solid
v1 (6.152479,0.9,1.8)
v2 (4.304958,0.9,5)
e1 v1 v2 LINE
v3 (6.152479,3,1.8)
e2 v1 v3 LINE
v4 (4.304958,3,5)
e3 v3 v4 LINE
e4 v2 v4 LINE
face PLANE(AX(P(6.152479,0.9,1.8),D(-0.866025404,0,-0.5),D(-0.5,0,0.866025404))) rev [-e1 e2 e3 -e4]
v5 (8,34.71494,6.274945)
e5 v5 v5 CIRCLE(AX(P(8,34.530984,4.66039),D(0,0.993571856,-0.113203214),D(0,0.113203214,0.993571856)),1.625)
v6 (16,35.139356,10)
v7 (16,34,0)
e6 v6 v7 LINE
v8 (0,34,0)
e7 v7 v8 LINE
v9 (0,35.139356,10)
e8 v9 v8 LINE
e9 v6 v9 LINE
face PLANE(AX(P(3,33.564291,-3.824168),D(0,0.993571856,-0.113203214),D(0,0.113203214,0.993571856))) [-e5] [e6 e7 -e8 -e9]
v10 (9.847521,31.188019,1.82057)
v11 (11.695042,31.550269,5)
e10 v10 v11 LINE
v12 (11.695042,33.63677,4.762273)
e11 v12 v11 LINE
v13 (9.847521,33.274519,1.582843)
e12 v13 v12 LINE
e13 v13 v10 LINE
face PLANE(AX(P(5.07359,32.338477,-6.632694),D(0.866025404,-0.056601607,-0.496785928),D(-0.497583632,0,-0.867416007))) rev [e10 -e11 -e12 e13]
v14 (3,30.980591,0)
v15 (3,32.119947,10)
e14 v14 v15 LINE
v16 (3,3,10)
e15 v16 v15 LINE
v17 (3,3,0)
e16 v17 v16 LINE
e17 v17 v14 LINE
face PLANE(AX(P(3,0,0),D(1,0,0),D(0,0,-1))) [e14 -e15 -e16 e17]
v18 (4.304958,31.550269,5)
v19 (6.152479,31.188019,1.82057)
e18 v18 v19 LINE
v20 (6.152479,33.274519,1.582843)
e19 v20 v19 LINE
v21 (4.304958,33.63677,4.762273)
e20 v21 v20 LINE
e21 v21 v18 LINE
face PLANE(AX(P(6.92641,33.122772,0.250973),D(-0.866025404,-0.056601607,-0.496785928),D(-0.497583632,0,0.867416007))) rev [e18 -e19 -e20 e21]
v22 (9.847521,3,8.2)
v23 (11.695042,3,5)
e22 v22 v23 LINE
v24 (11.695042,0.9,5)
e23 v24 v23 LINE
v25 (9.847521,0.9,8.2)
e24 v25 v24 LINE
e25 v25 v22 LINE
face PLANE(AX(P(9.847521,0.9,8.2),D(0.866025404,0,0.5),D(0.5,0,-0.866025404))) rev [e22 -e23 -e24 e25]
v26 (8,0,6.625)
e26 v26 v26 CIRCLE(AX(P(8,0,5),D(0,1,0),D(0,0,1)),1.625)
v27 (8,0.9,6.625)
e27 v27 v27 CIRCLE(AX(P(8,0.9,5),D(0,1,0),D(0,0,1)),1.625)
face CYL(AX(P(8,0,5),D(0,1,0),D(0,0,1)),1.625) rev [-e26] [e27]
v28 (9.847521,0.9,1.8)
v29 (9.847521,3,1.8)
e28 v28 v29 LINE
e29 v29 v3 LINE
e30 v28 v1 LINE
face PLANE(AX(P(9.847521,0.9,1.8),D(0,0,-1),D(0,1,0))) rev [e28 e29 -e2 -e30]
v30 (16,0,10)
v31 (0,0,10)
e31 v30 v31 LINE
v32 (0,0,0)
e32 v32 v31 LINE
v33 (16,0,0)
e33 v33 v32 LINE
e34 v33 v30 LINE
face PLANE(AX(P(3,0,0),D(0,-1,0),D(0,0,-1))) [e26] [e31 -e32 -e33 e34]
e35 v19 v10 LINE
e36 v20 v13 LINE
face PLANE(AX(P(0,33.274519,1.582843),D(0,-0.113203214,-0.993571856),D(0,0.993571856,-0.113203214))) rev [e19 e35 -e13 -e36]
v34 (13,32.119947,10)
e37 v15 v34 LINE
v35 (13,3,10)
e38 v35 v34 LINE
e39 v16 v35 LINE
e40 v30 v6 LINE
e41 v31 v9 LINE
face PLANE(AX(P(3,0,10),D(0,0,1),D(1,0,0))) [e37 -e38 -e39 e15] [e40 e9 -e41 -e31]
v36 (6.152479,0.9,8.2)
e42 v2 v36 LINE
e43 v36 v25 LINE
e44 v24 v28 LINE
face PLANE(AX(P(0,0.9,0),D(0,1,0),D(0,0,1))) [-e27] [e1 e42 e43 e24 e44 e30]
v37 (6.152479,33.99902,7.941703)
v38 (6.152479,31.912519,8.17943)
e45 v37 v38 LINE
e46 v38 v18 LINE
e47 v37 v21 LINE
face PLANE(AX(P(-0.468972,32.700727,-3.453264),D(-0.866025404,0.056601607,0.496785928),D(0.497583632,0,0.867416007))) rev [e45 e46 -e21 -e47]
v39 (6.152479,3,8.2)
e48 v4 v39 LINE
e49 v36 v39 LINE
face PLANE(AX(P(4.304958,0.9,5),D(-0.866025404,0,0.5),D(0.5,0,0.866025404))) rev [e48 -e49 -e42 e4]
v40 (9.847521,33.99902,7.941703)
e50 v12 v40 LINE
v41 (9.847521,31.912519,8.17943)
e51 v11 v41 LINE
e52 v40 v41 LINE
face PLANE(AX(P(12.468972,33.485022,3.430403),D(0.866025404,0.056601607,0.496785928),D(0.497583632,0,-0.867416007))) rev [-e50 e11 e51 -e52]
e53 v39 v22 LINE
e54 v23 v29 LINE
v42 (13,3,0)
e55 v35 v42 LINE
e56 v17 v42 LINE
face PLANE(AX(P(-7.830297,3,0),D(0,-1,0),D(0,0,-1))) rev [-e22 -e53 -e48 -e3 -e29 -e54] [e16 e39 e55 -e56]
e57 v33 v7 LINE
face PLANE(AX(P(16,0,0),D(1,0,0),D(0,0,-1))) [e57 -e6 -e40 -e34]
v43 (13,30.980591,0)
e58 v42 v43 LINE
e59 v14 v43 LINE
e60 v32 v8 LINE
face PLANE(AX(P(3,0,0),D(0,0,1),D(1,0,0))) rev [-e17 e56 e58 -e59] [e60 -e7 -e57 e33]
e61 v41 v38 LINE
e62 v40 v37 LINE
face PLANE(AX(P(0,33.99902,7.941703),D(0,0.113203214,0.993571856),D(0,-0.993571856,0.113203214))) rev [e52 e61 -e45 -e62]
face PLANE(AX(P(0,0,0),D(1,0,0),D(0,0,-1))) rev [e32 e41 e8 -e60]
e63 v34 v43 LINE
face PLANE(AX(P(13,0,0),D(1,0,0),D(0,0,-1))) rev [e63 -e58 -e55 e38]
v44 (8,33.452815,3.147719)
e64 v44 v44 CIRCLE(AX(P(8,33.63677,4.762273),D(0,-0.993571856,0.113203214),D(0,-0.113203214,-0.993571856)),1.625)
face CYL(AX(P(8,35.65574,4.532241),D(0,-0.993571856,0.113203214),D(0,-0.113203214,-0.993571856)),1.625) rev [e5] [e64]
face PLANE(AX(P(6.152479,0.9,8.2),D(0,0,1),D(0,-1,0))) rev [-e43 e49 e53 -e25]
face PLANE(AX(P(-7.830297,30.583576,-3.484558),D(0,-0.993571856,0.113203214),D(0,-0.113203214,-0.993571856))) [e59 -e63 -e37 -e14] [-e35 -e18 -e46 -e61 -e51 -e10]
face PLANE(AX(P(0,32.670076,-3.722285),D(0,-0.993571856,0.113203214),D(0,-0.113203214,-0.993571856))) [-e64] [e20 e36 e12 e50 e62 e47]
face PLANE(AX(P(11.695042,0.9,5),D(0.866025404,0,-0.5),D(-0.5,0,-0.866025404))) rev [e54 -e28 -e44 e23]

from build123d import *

# Parameters (mm, degrees)
SKETCH1_W           = 10
SKETCH1_H           = 34
BOSS_EXTRUDE1_DEPTH = 3
SKETCH2_W           = 10
SKETCH2_H           = 3
BOSS_EXTRUDE2_DEPTH = 3
SKETCH2_4_W         = 10
SKETCH2_4_H         = 3
BOSS_EXTRUDE3_DEPTH = 10
SKETCH6_R           = 1.625
CUT_EXTRUDE3_DEPTH  = 2.1
SKETCH6_3_R         = 1.625
CUT_EXTRUDE4_DEPTH  = 38.056556836
SKETCH5_R           = 1.625
CUT_EXTRUDE5_DEPTH  = 2.1
SKETCH5_4_R         = 1.625
CUT_EXTRUDE6_DEPTH  = 38.268461324


with BuildPart() as part:
    # Sketch1 → Boss-Extrude1 (new body)
    with BuildSketch(Plane(origin=(0, 0, 0), x_dir=(0, 0, -1), z_dir=(1, 0, 0))):
        with Locations((-5, 17)):
            Rectangle(SKETCH1_W, SKETCH1_H)
        Polygon((-10, 35.139356083), (0, 34), (-10, 34), align=None)
    extrude(amount=BOSS_EXTRUDE1_DEPTH)



with BuildPart() as body_2:
    # Sketch2 → Boss-Extrude2 (new body)
    with BuildSketch(Plane(origin=(13, 0, 0), x_dir=(0, 0, -1), z_dir=(1, 0, 0))):
        with Locations((-5, 1.5)):
            Rectangle(SKETCH2_W, SKETCH2_H)
        Polygon((-10, 3), (0, 3), (0, 30.980590802), (-10, 32.119946885), align=None)
        Polygon((-10, 32.119946885), (0, 30.980590802), (0, 34), (-10, 34), align=None)
        Polygon((-10, 34), (0, 34), (-10, 35.139356083), align=None)
    extrude(amount=BOSS_EXTRUDE2_DEPTH)


with BuildPart() as part_1:
    add(part.part)

    add(body_2.part)  # Boss-Extrude3 merges body 2
    # Sketch2<4> → Boss-Extrude3 (add)
    with BuildSketch(Plane(origin=(13, 0, 0), x_dir=(0, 0, -1), z_dir=(1, 0, 0))):
        with Locations((-5, 1.5)):
            Rectangle(SKETCH2_4_W, SKETCH2_4_H)
        Polygon((-10, 32.119946885), (0, 30.980590802), (0, 34), (-10, 34), align=None)
        Polygon((0, 34), (-10, 34), (-10, 35.139356083), align=None)
    extrude(amount=-BOSS_EXTRUDE3_DEPTH)

    # Sketch6 → Cut-Extrude3 (cut)
    # profile 1 of 2: a face of its own
    with BuildSketch(Plane(origin=(0, 30.583575534, -3.484558283), x_dir=(1, 0, 0), z_dir=(0, -0.9935718556765885, 0.11320321376789935))):
        Polygon((4.304958277, 8.539451107), (6.152479139, 5.339451107), (9.847520861, 5.339451107), (11.695041723, 8.539451107), (9.847520861, 11.739451107), (6.152479139, 11.739451107), align=None)
        with Locations((8, 8.539451107)):
            Circle(SKETCH6_R, mode=Mode.SUBTRACT)
    # profile 2 of 2: a face of its own
    with BuildSketch(Plane(origin=(0, 30.583575534, -3.484558283), x_dir=(1, 0, 0), z_dir=(0, -0.9935718556765885, 0.11320321376789935))):
        with Locations((8, 8.539451107)):
            Circle(SKETCH6_R)
    extrude(amount=-CUT_EXTRUDE3_DEPTH, mode=Mode.SUBTRACT)

    # Sketch6<3> → Cut-Extrude4 (cut, through all)
    with BuildSketch(Plane(origin=(0, 30.583575534, -3.484558283), x_dir=(1, 0, 0), z_dir=(0, -0.9935718556765885, 0.11320321376789935))):
        with Locations(Location((8, 8.539451107, 0), (0, 0, 270))):
            Circle(SKETCH6_3_R)
    extrude(amount=-CUT_EXTRUDE4_DEPTH, mode=Mode.SUBTRACT)

    # Sketch5 → Cut-Extrude5 (cut)
    with BuildSketch(Plane(origin=(0, 3, 0), x_dir=(1, 0, 0), z_dir=(0, 1, 0))):
        Polygon((6.152479139, -1.8), (4.304958277, -5), (6.152479139, -8.2), (9.847520861, -8.2), (11.695041723, -5), (9.847520861, -1.8), align=None)
        with Locations(Location((8, -5, 0), (0, 0, 270))):
            Circle(SKETCH5_R, mode=Mode.SUBTRACT)
    extrude(amount=-CUT_EXTRUDE5_DEPTH, mode=Mode.SUBTRACT)

    # Sketch5<4> → Cut-Extrude6 (cut, through all)
    with BuildSketch(Plane(origin=(0, 3, 0), x_dir=(1, 0, 0), z_dir=(0, 1, 0))):
        with Locations(Location((8, -5, 0), (0, 0, 270))):
            Circle(SKETCH5_4_R)
    extrude(amount=-CUT_EXTRUDE6_DEPTH, mode=Mode.SUBTRACT)


solid = part_1.part
